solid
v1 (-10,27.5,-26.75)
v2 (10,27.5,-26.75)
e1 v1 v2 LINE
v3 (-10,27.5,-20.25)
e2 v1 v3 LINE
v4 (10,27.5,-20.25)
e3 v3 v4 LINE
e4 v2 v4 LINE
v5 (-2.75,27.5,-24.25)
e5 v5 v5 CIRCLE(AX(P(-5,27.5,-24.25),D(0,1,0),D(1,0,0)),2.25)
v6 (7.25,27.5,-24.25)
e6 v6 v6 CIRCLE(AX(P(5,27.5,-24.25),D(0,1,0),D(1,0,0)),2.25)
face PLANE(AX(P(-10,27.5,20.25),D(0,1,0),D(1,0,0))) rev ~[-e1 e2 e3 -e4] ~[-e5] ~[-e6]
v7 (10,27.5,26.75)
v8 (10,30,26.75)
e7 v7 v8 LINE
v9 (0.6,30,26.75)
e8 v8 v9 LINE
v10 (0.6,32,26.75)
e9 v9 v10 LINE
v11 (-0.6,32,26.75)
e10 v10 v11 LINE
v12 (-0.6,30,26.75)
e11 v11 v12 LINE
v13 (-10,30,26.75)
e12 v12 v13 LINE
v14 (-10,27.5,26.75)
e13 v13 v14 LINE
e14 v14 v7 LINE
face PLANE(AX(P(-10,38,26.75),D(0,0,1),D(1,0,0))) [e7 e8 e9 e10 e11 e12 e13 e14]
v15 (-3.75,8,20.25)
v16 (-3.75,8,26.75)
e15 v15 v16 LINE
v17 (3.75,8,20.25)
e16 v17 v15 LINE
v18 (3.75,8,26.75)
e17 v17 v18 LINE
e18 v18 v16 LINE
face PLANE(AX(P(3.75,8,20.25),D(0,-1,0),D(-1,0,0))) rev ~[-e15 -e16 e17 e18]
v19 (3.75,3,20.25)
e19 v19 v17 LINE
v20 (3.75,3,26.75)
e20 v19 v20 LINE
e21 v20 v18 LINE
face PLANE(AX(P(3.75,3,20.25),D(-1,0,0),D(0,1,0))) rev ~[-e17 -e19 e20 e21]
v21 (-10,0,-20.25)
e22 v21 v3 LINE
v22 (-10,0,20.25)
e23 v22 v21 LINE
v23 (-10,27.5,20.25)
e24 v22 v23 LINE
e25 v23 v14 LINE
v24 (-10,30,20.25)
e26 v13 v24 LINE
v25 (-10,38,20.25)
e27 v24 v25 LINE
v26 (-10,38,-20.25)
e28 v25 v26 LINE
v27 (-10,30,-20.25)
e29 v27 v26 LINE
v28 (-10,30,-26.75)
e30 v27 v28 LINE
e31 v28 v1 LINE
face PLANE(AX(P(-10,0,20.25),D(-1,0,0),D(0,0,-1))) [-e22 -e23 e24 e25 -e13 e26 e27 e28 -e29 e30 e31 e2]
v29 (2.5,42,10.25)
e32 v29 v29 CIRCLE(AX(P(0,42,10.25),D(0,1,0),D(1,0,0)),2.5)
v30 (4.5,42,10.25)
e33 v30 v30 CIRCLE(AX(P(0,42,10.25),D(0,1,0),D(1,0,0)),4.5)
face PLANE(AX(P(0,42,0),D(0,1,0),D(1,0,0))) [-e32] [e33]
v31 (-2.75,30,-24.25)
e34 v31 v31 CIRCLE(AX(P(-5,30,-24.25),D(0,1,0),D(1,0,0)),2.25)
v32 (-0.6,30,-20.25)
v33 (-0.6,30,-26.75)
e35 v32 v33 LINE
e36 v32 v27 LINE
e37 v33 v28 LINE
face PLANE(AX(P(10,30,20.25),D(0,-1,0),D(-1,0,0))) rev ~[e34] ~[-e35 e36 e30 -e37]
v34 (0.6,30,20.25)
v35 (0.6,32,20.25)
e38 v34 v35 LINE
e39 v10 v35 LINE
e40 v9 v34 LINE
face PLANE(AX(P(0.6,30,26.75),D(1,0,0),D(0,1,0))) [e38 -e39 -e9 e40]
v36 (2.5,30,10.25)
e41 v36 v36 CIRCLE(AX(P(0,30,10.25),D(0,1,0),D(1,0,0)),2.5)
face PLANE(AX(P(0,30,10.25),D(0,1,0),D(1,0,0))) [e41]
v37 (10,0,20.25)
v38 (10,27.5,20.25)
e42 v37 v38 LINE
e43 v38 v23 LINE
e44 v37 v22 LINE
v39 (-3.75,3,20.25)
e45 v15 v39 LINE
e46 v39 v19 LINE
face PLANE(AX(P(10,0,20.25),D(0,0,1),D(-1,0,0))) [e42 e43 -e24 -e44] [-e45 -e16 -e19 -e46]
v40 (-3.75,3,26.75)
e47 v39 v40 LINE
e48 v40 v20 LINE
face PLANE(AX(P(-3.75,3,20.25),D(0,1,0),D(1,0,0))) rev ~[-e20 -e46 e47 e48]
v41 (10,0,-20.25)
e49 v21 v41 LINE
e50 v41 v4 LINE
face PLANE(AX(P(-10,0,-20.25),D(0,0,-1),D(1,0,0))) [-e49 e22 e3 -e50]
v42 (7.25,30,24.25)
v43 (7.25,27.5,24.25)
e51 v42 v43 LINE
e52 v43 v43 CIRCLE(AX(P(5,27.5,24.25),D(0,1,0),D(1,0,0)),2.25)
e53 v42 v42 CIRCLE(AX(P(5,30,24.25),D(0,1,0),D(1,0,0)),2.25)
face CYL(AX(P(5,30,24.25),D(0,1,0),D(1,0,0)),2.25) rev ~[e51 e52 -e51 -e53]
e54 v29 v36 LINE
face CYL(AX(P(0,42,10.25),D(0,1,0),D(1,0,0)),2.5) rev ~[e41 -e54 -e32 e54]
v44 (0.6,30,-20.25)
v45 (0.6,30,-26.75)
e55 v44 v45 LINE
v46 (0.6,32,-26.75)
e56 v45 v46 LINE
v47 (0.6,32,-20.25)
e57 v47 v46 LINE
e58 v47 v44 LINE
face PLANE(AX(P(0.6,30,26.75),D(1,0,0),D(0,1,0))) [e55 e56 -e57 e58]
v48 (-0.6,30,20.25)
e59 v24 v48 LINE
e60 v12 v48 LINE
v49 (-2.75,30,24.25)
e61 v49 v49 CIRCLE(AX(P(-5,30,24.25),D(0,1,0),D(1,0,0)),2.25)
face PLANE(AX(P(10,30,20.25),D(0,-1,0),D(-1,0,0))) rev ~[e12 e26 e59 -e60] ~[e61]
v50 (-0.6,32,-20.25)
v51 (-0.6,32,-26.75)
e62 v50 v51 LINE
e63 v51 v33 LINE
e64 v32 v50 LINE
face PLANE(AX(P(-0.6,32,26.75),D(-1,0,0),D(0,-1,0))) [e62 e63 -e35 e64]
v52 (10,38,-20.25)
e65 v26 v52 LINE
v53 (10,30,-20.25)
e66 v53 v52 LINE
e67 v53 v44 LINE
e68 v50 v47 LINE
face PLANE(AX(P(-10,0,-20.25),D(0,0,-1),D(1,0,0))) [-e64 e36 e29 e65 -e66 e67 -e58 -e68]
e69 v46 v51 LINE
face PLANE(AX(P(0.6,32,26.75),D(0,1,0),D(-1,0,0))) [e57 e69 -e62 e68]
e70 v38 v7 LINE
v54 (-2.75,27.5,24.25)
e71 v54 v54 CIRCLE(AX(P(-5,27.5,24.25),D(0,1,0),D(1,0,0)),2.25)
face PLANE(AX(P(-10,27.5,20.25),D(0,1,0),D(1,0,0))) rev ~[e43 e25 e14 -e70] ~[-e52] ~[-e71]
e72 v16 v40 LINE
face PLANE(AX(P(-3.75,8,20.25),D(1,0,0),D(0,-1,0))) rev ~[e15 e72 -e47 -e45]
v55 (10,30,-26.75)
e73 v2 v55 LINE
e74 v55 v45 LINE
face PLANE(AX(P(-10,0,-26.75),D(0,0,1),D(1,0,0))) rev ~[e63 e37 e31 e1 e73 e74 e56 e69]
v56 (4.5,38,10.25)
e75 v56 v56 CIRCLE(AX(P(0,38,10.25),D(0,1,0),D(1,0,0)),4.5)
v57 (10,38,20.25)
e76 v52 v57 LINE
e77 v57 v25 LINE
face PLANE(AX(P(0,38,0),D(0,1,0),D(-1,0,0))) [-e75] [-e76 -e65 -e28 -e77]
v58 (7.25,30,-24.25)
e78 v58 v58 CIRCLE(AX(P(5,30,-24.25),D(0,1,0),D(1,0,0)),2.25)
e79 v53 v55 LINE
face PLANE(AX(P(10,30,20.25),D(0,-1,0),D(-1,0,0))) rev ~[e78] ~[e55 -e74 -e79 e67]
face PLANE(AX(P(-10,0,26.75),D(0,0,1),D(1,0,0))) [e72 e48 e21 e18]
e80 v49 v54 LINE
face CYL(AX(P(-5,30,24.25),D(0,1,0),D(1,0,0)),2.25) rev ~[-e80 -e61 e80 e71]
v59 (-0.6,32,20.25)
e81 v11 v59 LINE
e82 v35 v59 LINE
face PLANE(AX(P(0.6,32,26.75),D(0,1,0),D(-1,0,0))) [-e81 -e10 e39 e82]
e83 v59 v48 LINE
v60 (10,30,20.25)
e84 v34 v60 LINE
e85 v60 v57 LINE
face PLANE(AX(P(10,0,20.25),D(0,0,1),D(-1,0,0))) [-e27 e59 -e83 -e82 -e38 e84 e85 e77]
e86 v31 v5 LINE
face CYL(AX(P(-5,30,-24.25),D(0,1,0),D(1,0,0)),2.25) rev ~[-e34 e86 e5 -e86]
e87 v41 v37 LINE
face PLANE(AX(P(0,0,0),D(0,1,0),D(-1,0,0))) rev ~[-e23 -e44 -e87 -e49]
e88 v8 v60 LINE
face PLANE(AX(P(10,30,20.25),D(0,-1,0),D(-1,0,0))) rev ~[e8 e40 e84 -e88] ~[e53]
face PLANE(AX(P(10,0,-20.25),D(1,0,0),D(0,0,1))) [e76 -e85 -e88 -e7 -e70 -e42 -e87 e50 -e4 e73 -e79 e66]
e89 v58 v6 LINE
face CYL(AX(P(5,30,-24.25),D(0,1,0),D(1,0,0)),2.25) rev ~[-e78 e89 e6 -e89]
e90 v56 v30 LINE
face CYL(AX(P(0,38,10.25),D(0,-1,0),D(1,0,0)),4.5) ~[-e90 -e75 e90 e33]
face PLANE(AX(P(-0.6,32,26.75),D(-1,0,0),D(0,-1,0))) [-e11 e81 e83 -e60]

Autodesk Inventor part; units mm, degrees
ref_plane "YZ Plane" through (0, 0, 0) normal (1, 0, 0) x (0, 1, 0)
ref_plane "XZ Plane" through (0, 0, 0) normal (0, 1, 0) x (-1, 0, 0)
ref_plane "XY Plane" through (0, 0, 0) normal (0, 0, 1) x (1, 0, 0)
sketch "Sketch1" plane through (0, 0, 0) normal (0, 1, 0) x (-1, 0, 0)
  line L0 (-10, 20.25) -> (10, 20.25)
  line L1 (10, 20.25) -> (10, -20.25)
  line L2 (10, -20.25) -> (-10, -20.25)
  line L3 (-10, -20.25) -> (-10, 20.25)
  point P0 (0, 0)
  point P1 (0, 20.25)
  point P2 (10, 0)
  dimension "s_width" = 40.5
  dimension "s_depth" = 20
extrude "Extrusion1" add sketch "Sketch1" along normal blind 38
sketch "Sketch2" plane through (-10, 0, 20.25) normal (0, 0, 1) x (1, 0, 0)
  line L0 (0, 38) -> (20, 38) construction
  line L1 (10, 38) -> (10, 0) construction
  line L2 (0, 27.5) -> (20, 27.5)
  line L3 (20, 27.5) -> (20, 30)
  line L4 (20, 30) -> (0, 30)
  line L5 (0, 30) -> (0, 27.5)
  dimension "s_land_thickness" = 2.5
  dimension "s_land_dist_top" = 8
extrude "Extrusion2" add sketch "Sketch2" along normal blind 6.5 and the other way blind 47
sketch "Sketch3" plane through (-10, 30, 20.25) normal (0, 1, 0) x (1, 0, 0)
  line L0 (0, -6.5) -> (0, 0) construction
  line L1 (20, 0) -> (20, -6.5) construction
  circle A0 centre (5, -4) radius 2.25
  line L2 (0, -4) -> (20, -4) construction
  line L3 (20, -6.5) -> (0, -6.5) projected
  line L4 (0, 47) -> (0, 40.5) construction
  line L5 (0, 44.5) -> (20, 44.5) construction
  line L6 (20, 47) -> (20, 40.5) construction
  line L7 (0, 47) -> (20, 47) projected
  circle A1 centre (15, 44.5) radius 2.25
  circle A2 centre (15, -4) radius 2.25
  circle A3 centre (5, 44.5) radius 2.25
  point P0 (10, 20.25)
  dimension "s_hole_dia" = 4.5
  dimension "s_hole_front_dist" = 2.5
  dimension "d13" = 2.5
  dimension "s_hole_side_dist" = 2.75
  dimension "d42" = 2.75
extrude "Extrusion3" cut sketch "Sketch3" against normal up to next
sketch "Sketch4" plane through (-10, 0, 20.25) normal (0, 0, 1) x (1, 0, 0)
  line L0 (6.25, 3) -> (13.75, 3)
  line L1 (13.75, 3) -> (13.75, 8)
  line L2 (13.75, 8) -> (6.25, 8)
  line L3 (6.25, 8) -> (6.25, 3)
  line L4 (10, 0) -> (10, 27.5) construction
  line L5 (20, 27.5) -> (0, 27.5) construction
  line L6 (20, 0) -> (0, 0) construction
  point P0 (10, 8)
  dimension "s_cable_height" = 5
  dimension "s_cable_width" = 7.5
  dimension "s_cable_dist_bottom" = 3
extrude "Extrusion4" add sketch "Sketch4" along normal blind 6.5
sketch "Sketch5" plane through (-10, 38, 20.25) normal (0, 0, 1) x (1, 0, 0)
  line L0 (0, 0) -> (20, 0) construction
  line L1 (10, 0) -> (10, -8) construction
  line L2 (0, -8) -> (20, -8) construction
  line L3 (0, -8) -> (0, 0) construction
  line L4 (0, -4) -> (20, -4) construction
  line L5 (20, -8) -> (20, 0) construction
  line L6 (9.4, -8) -> (10.6, -8)
  line L7 (10.6, -8) -> (10.6, -6)
  line L8 (10.6, -6) -> (9.4, -6)
  line L9 (9.4, -6) -> (9.4, -8)
  line L10 (20, -8) -> (0, -8) projected
  point P0 (10, -38)
  dimension "s_land_pin_thickness" = 2
  dimension "d27" = 1.2
extrude "Extrusion5" add sketch "Sketch5" against normal up to surface (53.5 mm away) from surface at 6.5
sketch "Sketch6" plane through (0, 38, 0) normal (0, 1, 0) x (1, 0, 0)
  circle A0 centre (0, -10.25) radius 4.5
  line L0 (0, 0) -> (0, -26.75) construction
  line L1 (-10, -26.75) -> (10, -26.75) construction
  line L2 (10, 20.25) -> (-10, 20.25) projected
  line L3 (-10, -20.25) -> (10, -20.25) projected
  dimension "s_shaft_dia" = 9
  dimension "s_shaft_front_dist" = 10
extrude "Extrusion6" add sketch "Sketch6" along normal blind 4
sketch "Sketch8" plane through (0, 42, 10.25) normal (0, 1, 0) x (1, 0, 0)
  circle A0 centre (0, 0) radius 2.5
  circle A1 centre (0, 0) radius 4.5 construction
  point P0 (0, 10.25)
  dimension "d39" = 5
extrude "Extrusion8" cut sketch "Sketch8" against normal blind 12
equation "\"s_width\" = servo_width"
equation "\"s_depth\" = servo_depth"
equation "\"s_height\" = servo_height"
equation "\"s_land_dist_top\" = servo_mount_dist_top"
equation "\"s_land\" = servo_mount_length"
equation "\"d7\" = s_land + s_width"
equation "\"s_hole_dia\" = servo_mount_hole_diameter"
equation "\"s_hole_front_dist\" = servo_mount_hole_front_distance"
equation "\"d13\" = s_hole_front_dist"
equation "\"s_hole_side_dist\" = servo_mount_hole_side_distance"
equation "\"d42\" = s_hole_side_dist"
equation "\"s_cable_height\" = servo_cable_heigth"
equation "\"s_cable_width\" = servo_cable_width"
equation "\"s_cable_dist_bottom\" = servo_cable_distance_bottom"
equation "\"d24\" = servo_cable_length"
equation "\"s_land_pin_thickness\" = servo_mount_pin_height"
equation "\"d27\" = servo_mount_pin_thickness"
equation "\"s_shaft_front_dist\" = servo_shaft_front_distance"
equation "\"s_shaft_height\" = servo_shaft_height"
equation "\"servo_depth\" = 20"
equation "\"servo_height\" = 38"
equation "\"servo_width\" = 40.5"
equation "\"servo_mount_length\" = 6.5"
equation "\"servo_mount_hole_diameter\" = 4.5"
equation "\"servo_mount_hole_front_distance\" = 2.5"
equation "\"servo_mount_hole_side_distance\" = 2.75"
equation "\"servo_mount_pin_thickness\" = 1.2"
equation "\"servo_mount_pin_height\" = 2"
equation "\"servo_shaft_height\" = 4"
equation "\"servo_mount_dist_top\" = 8"
equation "\"servo_shaft_front_distance\" = 10"
equation "\"servo_cable_width\" = 7.5"
equation "\"servo_cable_length\" = 6.5"
equation "\"servo_cable_distance_bottom\" = 3"
equation "\"servo_cable_heigth\" = 5"
properties part number "Servo"
